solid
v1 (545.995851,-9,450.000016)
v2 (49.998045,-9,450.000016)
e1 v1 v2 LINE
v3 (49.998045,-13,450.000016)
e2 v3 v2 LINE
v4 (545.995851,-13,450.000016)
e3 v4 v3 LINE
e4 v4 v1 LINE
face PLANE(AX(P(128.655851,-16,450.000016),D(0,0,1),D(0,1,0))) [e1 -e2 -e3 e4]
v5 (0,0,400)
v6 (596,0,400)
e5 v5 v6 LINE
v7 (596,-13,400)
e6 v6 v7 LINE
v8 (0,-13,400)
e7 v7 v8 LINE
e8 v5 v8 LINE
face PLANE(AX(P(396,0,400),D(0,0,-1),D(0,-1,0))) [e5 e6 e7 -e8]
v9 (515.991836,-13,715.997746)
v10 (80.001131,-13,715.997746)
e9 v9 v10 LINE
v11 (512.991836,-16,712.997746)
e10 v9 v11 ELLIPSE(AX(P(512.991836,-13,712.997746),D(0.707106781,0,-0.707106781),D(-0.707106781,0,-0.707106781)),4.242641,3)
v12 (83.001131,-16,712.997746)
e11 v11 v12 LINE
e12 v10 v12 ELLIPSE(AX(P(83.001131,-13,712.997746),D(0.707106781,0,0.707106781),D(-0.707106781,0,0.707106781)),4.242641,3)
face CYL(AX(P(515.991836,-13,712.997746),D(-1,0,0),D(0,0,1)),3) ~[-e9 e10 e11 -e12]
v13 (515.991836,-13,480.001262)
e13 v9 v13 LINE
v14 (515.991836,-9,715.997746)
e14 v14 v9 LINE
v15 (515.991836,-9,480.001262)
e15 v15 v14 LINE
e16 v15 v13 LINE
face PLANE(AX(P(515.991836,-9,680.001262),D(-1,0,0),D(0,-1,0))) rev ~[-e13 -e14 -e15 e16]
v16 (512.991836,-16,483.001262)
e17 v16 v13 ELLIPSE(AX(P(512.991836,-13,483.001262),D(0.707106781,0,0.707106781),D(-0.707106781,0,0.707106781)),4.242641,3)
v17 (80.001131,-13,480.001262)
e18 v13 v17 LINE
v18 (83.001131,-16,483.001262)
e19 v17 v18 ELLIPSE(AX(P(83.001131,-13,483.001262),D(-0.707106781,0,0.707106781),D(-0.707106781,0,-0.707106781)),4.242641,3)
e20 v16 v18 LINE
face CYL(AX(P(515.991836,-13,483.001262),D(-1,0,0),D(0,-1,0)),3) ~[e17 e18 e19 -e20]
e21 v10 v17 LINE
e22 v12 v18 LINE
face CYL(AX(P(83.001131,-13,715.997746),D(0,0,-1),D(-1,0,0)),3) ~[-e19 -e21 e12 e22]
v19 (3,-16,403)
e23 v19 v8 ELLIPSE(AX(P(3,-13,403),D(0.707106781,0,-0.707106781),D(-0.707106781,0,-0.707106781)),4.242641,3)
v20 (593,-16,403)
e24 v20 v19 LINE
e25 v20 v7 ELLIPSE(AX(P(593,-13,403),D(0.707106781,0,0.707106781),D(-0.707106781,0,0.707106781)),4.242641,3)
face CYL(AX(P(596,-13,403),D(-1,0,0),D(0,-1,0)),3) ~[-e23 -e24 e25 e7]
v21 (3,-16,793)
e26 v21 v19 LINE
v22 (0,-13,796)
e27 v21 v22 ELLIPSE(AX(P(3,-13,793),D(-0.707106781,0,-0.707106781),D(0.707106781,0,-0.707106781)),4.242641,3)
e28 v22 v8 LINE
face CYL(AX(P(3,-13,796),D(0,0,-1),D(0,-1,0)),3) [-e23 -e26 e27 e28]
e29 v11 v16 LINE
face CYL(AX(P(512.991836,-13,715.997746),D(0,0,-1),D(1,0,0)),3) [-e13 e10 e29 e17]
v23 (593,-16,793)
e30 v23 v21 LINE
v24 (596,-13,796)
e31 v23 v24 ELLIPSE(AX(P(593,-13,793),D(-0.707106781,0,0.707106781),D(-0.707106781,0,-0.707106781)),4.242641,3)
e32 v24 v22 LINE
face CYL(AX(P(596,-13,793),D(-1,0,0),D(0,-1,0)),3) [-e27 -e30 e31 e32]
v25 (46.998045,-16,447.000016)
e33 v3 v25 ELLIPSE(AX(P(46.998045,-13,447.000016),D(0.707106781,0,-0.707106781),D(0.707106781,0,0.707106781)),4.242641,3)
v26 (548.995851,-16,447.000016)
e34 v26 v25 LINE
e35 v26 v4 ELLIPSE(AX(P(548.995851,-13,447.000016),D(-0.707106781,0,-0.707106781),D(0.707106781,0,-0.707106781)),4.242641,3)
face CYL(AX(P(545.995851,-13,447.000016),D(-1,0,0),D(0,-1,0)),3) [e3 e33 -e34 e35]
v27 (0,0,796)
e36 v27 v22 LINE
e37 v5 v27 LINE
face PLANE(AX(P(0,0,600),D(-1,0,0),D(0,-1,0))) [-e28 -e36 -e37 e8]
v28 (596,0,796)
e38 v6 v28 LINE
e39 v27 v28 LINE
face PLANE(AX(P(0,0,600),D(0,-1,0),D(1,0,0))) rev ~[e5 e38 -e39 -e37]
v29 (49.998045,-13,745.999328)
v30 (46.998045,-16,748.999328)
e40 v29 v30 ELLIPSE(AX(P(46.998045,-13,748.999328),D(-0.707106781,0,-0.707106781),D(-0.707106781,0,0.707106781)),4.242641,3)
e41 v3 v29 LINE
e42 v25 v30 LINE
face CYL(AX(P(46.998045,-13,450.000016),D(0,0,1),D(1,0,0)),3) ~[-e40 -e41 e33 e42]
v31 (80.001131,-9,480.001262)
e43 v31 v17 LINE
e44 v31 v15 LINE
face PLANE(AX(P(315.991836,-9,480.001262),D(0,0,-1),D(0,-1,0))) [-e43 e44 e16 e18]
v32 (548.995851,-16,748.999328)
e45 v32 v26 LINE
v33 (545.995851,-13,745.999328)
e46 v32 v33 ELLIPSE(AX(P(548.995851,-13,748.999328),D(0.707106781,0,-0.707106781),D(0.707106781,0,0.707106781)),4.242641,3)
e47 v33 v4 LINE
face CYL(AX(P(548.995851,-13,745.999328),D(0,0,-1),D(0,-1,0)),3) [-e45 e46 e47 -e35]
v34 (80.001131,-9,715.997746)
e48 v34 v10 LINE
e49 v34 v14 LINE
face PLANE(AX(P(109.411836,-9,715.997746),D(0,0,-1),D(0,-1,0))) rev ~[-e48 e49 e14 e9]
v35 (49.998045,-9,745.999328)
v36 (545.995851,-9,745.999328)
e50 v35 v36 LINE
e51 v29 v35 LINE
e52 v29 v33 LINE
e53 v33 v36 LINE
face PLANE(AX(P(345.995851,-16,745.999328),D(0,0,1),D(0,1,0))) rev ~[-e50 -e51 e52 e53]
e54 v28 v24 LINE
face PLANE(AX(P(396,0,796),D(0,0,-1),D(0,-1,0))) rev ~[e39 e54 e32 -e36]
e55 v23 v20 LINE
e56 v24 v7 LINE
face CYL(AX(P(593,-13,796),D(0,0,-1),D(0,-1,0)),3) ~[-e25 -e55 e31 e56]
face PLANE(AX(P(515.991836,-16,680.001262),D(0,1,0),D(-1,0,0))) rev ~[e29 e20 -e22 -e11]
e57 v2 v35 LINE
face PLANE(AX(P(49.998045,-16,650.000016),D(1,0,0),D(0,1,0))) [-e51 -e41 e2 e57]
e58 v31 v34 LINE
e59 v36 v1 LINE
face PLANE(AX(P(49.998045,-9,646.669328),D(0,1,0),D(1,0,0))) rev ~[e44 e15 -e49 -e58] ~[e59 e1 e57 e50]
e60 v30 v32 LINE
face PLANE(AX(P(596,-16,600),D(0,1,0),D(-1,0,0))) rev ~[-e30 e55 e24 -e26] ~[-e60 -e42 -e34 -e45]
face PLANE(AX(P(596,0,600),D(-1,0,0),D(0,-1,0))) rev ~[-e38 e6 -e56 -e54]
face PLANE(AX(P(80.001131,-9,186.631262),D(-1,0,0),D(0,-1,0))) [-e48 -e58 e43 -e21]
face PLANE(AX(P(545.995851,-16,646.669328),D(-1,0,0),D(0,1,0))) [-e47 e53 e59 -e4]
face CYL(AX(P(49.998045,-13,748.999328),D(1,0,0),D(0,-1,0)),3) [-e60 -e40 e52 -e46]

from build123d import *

# Parameters (mm, degrees)
F0_W      = 44.656470418
F0_H      = 33.8078811765
F1_DEPTH  = 16
F2_DEPTH  = 796
F3_DEPTH  = 196
F4_W      = 68.9578056335
F4_H      = 493.6993122101
F5_DEPTH  = 7
F6_DEPTH  = 9.7
F7_DEPTH  = 99.33
F8_DEPTH  = 99.33
F9_DEPTH  = 17.34
F10_DEPTH = 102.97
F11_W     = 35.2807044983
F11_H     = 492.0964837074
F12_DEPTH = 7
F13_DEPTH = 37.27
F14_DEPTH = 6.58
F15_DEPTH = 106.63
F16_DEPTH = 5.87
F17_DEPTH = 200
F18_DEPTH = 200
F19_DEPTH = 200
F20_DEPTH = 200
F21_DEPTH = 200
F22_DEPTH = 200
F23_DEPTH = 600
F24_DEPTH = 600
F25_DEPTH = 600
F26_DEPTH = 200
F27_DEPTH = 200
F28_DEPTH = 200
F29_R     = 3


with BuildPart() as f1:
    # F0 (on Front) → F1 (new body)
    with BuildSketch(Plane.XZ):
        with Locations((22.328235209, 16.9039405882)):
            Rectangle(F0_W, F0_H)
    extrude(amount=F1_DEPTH)

    # F2 (add): a face of the model
    f2_faces = [f1.faces().sort_by_distance(p)[0] for p in [
        (22.328235209, -8, 0),
    ]]
    extrude(f2_faces, amount=-F2_DEPTH)

    # F3 (add): a face of the model
    f3_faces = [f1.faces().sort_by_distance(p)[0] for p in [
        (0, -8, 398),
    ]]
    extrude(f3_faces, amount=-F3_DEPTH)

    # F4 (on face) → F5 (cut)
    with BuildSketch(Plane.XZ.offset(16)):
        with Locations((94.1769480705, 399.8196721077)):
            Rectangle(F4_W, F4_H)
    extrude(amount=-F5_DEPTH, mode=Mode.SUBTRACT)

    # F6 (cut): a face of the model
    f6_faces = [f1.faces().sort_by_distance(p)[0] for p in [
        (59.6980452538, -12.5, 399.8196721077),
    ]]
    extrude(f6_faces, amount=-F6_DEPTH, mode=Mode.SUBTRACT)

    # F7 (add): a face of the model
    f7_faces = [f1.faces().sort_by_distance(p)[0] for p in [
        (89.3269480705, -12.5, 646.6693282127),
    ]]
    extrude(f7_faces, amount=-F7_DEPTH)

    # F8 (cut): a face of the model
    f8_faces = [f1.faces().sort_by_distance(p)[0] for p in [
        (89.3269480705, -12.5, 646.6693282127),
    ]]
    extrude(f8_faces, amount=-F8_DEPTH, mode=Mode.SUBTRACT)

    # F9 (cut): a face of the model
    f9_faces = [f1.faces().sort_by_distance(p)[0] for p in [
        (128.6558508873, -12.5, 449.4846721077),
    ]]
    extrude(f9_faces, amount=-F9_DEPTH, mode=Mode.SUBTRACT)

    # F10 (cut): a face of the model
    f10_faces = [f1.faces().sort_by_distance(p)[0] for p in [
        (97.9969480705, -12.5, 152.9700160027),
    ]]
    extrude(f10_faces, amount=-F10_DEPTH, mode=Mode.SUBTRACT)

    # F11 (on face) → F12 (join)
    with BuildSketch(Plane.XZ.offset(9)):
        with Locations((91.7714834213, 432.6795041561)):
            Rectangle(F11_W, F11_H)
    extrude(amount=F12_DEPTH)

    # F13 (add): a face of the model
    f13_faces = [f1.faces().sort_by_distance(p)[0] for p in [
        (91.7714834213, -12.5, 678.7277460098),
    ]]
    extrude(f13_faces, amount=F13_DEPTH)

    # F14 (add): a face of the model
    f14_faces = [f1.faces().sort_by_distance(p)[0] for p in [
        (109.4118356705, -12.5, 451.3145041561),
    ]]
    extrude(f14_faces, amount=F14_DEPTH)

    # F15 (add): a face of the model
    f15_faces = [f1.faces().sort_by_distance(p)[0] for p in [
        (95.0614834213, -12.5, 186.6312623024),
    ]]
    extrude(f15_faces, amount=F15_DEPTH)

    # F16 (cut): a face of the model
    f16_faces = [f1.faces().sort_by_distance(p)[0] for p in [
        (74.1311311722, -12.5, 397.9995041561),
    ]]
    extrude(f16_faces, amount=-F16_DEPTH, mode=Mode.SUBTRACT)

    # F17 (add): a face of the model
    f17_faces = [f1.faces().sort_by_distance(p)[0] for p in [
        (196, -8, 398),
    ]]
    extrude(f17_faces, amount=F17_DEPTH)

    # F18 (cut): a face of the model
    f18_faces = [f1.faces().sort_by_distance(p)[0] for p in [
        (145.9958508873, -12.5, 397.9996721077),
    ]]
    extrude(f18_faces, amount=-F18_DEPTH, mode=Mode.SUBTRACT)

    # F19 (add): a face of the model
    f19_faces = [f1.faces().sort_by_distance(p)[0] for p in [
        (115.9918356705, -12.5, 397.9995041561),
    ]]
    extrude(f19_faces, amount=F19_DEPTH)

    # F20 (add): a face of the model
    f20_faces = [f1.faces().sort_by_distance(p)[0] for p in [
        (396, -8, 398),
    ]]
    extrude(f20_faces, amount=F20_DEPTH)

    # F21 (cut): a face of the model
    f21_faces = [f1.faces().sort_by_distance(p)[0] for p in [
        (345.9958508873, -12.5, 397.9996721077),
    ]]
    extrude(f21_faces, amount=-F21_DEPTH, mode=Mode.SUBTRACT)

    # F22 (add): a face of the model
    f22_faces = [f1.faces().sort_by_distance(p)[0] for p in [
        (315.9918356705, -12.5, 397.9995041561),
    ]]
    extrude(f22_faces, amount=F22_DEPTH)

    # F23 (cut): a face of the model
    f23_faces = [f1.faces().sort_by_distance(p)[0] for p in [
        (297.9964834213, -12.5, 80.0012623024),
    ]]
    extrude(f23_faces, amount=-F23_DEPTH, mode=Mode.SUBTRACT)

    # F24 (add): a face of the model
    f24_faces = [f1.faces().sort_by_distance(p)[0] for p in [
        (297.9969480705, -12.5, 50.0000160027),
    ]]
    extrude(f24_faces, amount=F24_DEPTH)

    # F25 (cut): a face of the model
    f25_faces = [f1.faces().sort_by_distance(p)[0] for p in [
        (298, -8, 0),
    ]]
    extrude(f25_faces, amount=-F25_DEPTH, mode=Mode.SUBTRACT)

    # F26 (add): a face of the model
    f26_faces = [f1.faces().sort_by_distance(p)[0] for p in [
        (298, -8, 600),
    ]]
    extrude(f26_faces, amount=F26_DEPTH)

    # F27 (cut): a face of the model
    f27_faces = [f1.faces().sort_by_distance(p)[0] for p in [
        (297.9969480705, -12.5, 650.0000160027),
    ]]
    extrude(f27_faces, amount=-F27_DEPTH, mode=Mode.SUBTRACT)

    # F28 (add): a face of the model
    f28_faces = [f1.faces().sort_by_distance(p)[0] for p in [
        (297.9964834213, -12.5, 680.0012623024),
    ]]
    extrude(f28_faces, amount=F28_DEPTH)

    # F29
    f29_edges = [f1.edges().sort_by_distance(p)[0] for p in [
        (297.996483, -16, 715.997746),
        (80.001131, -16, 597.999504),
        (297.996483, -16, 480.001262),
        (515.991836, -16, 597.999504),
        (0, -16, 598),
        (298, -16, 400),
        (596, -16, 598),
        (298, -16, 796),
        (49.998045, -16, 597.999672),
        (297.996948, -16, 745.999328),
        (545.995851, -16, 597.999672),
        (297.996948, -16, 450.000016),
    ]]
    fillet(f29_edges, radius=F29_R)


solid = f1.part
